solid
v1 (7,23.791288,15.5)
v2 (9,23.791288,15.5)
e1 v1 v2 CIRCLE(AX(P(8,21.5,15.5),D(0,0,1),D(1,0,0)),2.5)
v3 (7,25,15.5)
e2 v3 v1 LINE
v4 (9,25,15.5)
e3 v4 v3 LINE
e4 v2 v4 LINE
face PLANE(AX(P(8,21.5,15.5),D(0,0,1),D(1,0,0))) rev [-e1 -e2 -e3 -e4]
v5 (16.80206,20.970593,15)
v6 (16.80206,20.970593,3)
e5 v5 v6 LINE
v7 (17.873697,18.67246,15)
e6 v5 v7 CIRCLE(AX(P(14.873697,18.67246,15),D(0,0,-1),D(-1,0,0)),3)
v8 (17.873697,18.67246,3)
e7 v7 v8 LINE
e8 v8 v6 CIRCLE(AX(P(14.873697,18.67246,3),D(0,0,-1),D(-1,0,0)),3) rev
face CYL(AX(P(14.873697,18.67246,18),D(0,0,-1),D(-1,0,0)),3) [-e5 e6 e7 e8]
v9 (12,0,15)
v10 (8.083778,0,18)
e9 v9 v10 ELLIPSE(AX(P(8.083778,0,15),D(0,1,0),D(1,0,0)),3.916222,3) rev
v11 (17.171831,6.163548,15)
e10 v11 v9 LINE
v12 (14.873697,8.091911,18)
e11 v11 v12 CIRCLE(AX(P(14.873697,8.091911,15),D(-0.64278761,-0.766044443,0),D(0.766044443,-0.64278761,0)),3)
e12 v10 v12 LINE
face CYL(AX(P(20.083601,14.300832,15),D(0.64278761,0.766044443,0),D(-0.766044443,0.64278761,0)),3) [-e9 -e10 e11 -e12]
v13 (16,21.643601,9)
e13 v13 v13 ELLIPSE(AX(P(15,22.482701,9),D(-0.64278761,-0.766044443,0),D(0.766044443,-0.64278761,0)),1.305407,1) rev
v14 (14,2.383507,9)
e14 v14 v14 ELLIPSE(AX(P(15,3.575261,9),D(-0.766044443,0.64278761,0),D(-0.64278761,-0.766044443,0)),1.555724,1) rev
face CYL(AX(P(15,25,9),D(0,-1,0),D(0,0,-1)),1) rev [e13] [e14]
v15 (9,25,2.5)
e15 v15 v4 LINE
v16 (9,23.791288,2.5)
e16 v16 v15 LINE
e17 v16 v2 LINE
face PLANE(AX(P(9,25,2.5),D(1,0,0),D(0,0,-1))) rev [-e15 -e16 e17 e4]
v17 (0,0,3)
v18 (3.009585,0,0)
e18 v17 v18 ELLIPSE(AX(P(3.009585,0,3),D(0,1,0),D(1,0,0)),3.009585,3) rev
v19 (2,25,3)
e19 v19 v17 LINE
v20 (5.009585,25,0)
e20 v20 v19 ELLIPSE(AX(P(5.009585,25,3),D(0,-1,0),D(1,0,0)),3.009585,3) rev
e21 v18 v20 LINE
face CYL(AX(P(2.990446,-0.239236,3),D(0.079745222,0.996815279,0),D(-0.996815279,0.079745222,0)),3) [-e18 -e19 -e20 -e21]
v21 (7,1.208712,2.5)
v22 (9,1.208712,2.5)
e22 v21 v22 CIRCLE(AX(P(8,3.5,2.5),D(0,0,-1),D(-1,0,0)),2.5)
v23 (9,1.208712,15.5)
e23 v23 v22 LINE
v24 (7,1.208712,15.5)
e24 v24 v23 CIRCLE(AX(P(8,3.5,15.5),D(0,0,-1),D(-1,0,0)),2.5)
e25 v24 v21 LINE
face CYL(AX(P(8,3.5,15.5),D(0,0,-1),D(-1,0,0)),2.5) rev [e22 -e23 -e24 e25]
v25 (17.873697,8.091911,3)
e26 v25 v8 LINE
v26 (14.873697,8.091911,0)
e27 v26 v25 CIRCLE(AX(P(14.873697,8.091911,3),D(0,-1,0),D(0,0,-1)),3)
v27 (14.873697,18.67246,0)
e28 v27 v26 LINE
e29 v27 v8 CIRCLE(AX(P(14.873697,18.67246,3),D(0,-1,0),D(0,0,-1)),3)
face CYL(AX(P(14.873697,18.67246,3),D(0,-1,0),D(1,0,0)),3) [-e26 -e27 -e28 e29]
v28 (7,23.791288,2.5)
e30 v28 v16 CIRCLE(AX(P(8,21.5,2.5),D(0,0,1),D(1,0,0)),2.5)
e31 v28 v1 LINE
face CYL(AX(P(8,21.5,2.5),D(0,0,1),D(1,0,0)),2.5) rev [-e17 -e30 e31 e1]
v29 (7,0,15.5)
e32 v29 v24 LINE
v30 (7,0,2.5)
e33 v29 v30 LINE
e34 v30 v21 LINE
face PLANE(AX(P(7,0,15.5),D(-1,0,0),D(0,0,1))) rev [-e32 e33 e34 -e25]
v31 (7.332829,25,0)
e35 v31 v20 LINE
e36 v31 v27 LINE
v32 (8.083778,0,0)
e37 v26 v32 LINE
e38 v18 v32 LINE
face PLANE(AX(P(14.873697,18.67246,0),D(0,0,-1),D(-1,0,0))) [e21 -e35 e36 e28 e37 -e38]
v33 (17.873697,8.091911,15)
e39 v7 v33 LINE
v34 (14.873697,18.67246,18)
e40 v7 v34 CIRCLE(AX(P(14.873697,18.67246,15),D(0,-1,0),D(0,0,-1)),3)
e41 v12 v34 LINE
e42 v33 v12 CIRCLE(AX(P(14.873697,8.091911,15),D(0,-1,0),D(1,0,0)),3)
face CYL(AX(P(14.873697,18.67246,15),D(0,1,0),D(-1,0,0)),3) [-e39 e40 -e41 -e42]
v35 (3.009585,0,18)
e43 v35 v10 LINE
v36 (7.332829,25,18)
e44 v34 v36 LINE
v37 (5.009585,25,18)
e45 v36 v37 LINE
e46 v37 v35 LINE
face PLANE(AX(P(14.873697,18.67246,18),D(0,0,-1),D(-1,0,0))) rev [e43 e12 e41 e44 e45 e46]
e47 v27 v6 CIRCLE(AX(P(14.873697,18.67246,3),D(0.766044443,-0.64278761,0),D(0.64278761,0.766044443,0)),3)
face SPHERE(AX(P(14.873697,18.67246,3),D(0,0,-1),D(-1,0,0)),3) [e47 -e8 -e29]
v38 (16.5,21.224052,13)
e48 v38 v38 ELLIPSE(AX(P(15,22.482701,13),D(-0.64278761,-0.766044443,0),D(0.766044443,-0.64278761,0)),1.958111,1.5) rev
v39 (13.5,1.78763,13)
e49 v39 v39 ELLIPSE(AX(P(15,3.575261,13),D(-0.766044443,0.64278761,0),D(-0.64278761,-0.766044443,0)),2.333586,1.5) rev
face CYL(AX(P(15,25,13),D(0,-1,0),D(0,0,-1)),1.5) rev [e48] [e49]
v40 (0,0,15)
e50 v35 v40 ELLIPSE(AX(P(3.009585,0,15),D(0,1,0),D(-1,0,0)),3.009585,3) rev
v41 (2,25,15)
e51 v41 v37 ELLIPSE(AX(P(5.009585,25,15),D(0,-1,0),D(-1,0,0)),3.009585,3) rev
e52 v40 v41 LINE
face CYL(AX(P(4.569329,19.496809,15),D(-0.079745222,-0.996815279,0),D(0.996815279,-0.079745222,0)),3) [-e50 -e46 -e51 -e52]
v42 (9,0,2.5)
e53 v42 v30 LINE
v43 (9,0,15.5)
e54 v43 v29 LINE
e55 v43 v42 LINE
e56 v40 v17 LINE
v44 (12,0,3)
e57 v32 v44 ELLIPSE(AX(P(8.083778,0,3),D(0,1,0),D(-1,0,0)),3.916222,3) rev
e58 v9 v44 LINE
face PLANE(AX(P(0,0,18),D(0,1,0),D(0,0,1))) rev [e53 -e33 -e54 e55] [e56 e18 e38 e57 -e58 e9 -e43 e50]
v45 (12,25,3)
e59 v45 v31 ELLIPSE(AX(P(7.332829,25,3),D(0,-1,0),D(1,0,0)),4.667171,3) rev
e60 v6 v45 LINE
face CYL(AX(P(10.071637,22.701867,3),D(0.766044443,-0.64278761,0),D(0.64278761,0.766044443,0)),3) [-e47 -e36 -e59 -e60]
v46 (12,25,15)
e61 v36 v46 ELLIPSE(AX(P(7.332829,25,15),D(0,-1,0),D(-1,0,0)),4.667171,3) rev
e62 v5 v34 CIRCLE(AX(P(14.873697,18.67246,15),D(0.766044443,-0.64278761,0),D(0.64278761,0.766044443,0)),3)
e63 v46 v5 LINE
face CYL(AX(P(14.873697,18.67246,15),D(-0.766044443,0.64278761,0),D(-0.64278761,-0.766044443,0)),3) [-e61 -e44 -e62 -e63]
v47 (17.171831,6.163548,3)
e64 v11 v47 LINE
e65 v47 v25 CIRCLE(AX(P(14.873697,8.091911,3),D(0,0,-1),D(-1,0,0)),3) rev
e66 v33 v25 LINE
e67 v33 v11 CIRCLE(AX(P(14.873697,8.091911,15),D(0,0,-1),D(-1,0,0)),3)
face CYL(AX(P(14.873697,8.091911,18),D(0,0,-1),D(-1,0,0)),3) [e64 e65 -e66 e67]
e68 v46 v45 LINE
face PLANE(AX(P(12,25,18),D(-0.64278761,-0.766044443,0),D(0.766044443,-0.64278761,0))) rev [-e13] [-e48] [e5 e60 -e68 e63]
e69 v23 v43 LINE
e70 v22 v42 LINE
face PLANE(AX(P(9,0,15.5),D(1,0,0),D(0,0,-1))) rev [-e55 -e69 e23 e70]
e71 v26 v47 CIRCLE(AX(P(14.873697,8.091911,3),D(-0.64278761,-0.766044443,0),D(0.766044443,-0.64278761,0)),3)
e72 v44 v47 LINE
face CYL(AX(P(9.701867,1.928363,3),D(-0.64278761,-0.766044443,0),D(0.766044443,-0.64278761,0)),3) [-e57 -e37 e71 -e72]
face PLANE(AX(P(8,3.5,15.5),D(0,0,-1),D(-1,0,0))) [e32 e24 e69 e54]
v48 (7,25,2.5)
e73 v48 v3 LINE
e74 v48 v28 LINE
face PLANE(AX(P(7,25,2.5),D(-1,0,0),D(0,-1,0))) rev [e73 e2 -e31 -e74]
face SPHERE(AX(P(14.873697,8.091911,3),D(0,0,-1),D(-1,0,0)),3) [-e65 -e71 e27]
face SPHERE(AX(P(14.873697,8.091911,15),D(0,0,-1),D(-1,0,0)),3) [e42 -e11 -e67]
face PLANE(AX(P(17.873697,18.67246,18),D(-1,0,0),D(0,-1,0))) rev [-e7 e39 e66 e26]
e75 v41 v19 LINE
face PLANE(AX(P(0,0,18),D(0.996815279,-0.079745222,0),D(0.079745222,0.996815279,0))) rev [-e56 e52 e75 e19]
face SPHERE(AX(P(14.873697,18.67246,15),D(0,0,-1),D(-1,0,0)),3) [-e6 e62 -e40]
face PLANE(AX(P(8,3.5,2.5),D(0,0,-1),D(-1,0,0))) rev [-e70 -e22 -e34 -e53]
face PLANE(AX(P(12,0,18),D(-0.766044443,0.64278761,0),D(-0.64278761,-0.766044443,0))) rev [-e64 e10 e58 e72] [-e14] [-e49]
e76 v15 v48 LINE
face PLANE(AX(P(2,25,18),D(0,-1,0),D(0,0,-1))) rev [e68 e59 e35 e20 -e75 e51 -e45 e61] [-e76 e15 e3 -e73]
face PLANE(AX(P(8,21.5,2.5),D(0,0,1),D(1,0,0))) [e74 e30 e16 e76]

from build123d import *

# Parameters (mm, degrees)
BOSS_EXTRUDE1_DEPTH = 18
CUT_EXTRUDE1_START  = -2.5
CUT_EXTRUDE1_DEPTH  = 13
CUT_EXTRUDE2_START  = -2.5
CUT_EXTRUDE2_DEPTH  = 13
SKETCH5_R           = 1
SKETCH5_R_2         = 1.5
CUT_EXTRUDE3_DEPTH  = 25
FILLET1_R           = 3


with BuildPart() as part:
    # Sketch2 → Boss-Extrude1 (new body)
    with BuildSketch(Plane.XY):
        with BuildLine():
            Line((0, 0), (12, 0))
            Line((12, 0), (17.171830748, 6.163547874))
            ThreePointArc((17.171830748, 6.163547874), (17.692775281, 7.065850273), (17.873697418, 8.091910703))
            Line((17.873697418, 8.091910703), (17.873697418, 18.672459688))
            ThreePointArc((17.873697418, 18.672459688), (17.592620779, 19.940314473), (16.802060247, 20.970593018))
            Line((16.802060247, 20.970593018), (12, 25))
            Line((12, 25), (2, 25))
            Line((2, 25), (0, 0))
        make_face()
    extrude(amount=BOSS_EXTRUDE1_DEPTH)

    # Sketch3 → Cut-Extrude1 (cut)
    with BuildSketch(Plane.XY.offset(18).offset(CUT_EXTRUDE1_START)):
        with BuildLine():
            Line((7, 25), (9, 25))
            Line((9, 25), (9, 23.791287847))
            ThreePointArc((9, 23.791287847), (8, 19), (7, 23.791287847))
            Line((7, 23.791287847), (7, 25))
        make_face()
    extrude(amount=-CUT_EXTRUDE1_DEPTH, mode=Mode.SUBTRACT)

    # Sketch4 → Cut-Extrude2 (cut)
    with BuildSketch(Plane(origin=(0, 0, 0), x_dir=(-1, 0, 0), z_dir=(0, 0, -1)).offset(CUT_EXTRUDE2_START)):
        with BuildLine():
            Line((-9, 0), (-7, 0))
            Line((-7, 0), (-7, 1.208712153))
            ThreePointArc((-7, 1.208712153), (-8, 6), (-9, 1.208712153))
            Line((-9, 1.208712153), (-9, 0))
        make_face()
    extrude(amount=-CUT_EXTRUDE2_DEPTH, mode=Mode.SUBTRACT)

    # Sketch5 → Cut-Extrude3 (cut)
    with BuildSketch(Plane(origin=(0, 0, 0), x_dir=(1, 0, 0), z_dir=(0, 1, 0))):
        with Locations((15, -9)):
            Circle(SKETCH5_R)
        with Locations((15, -13)):
            Circle(SKETCH5_R_2)
    extrude(amount=CUT_EXTRUDE3_DEPTH, mode=Mode.SUBTRACT)

    # Fillet1
    fillet1_edges = [part.edges().sort_by_distance(p)[0] for p in [
        (17.692775281, 7.065850273, 0),
        (14.585915374, 3.081773937, 0),
        (1, 12.5, 0),
        (14.585915374, 3.081773937, 18),
        (17.692775281, 7.065850273, 18),
        (17.873697418, 13.382185196, 18),
        (17.592620779, 19.940314473, 18),
        (14.401030124, 22.985296509, 18),
        (1, 12.5, 18),
        (14.401030124, 22.985296509, 0),
        (17.592620779, 19.940314473, 0),
        (17.873697418, 13.382185196, 0),
    ]]
    fillet(fillet1_edges, radius=FILLET1_R)


solid = part.part
